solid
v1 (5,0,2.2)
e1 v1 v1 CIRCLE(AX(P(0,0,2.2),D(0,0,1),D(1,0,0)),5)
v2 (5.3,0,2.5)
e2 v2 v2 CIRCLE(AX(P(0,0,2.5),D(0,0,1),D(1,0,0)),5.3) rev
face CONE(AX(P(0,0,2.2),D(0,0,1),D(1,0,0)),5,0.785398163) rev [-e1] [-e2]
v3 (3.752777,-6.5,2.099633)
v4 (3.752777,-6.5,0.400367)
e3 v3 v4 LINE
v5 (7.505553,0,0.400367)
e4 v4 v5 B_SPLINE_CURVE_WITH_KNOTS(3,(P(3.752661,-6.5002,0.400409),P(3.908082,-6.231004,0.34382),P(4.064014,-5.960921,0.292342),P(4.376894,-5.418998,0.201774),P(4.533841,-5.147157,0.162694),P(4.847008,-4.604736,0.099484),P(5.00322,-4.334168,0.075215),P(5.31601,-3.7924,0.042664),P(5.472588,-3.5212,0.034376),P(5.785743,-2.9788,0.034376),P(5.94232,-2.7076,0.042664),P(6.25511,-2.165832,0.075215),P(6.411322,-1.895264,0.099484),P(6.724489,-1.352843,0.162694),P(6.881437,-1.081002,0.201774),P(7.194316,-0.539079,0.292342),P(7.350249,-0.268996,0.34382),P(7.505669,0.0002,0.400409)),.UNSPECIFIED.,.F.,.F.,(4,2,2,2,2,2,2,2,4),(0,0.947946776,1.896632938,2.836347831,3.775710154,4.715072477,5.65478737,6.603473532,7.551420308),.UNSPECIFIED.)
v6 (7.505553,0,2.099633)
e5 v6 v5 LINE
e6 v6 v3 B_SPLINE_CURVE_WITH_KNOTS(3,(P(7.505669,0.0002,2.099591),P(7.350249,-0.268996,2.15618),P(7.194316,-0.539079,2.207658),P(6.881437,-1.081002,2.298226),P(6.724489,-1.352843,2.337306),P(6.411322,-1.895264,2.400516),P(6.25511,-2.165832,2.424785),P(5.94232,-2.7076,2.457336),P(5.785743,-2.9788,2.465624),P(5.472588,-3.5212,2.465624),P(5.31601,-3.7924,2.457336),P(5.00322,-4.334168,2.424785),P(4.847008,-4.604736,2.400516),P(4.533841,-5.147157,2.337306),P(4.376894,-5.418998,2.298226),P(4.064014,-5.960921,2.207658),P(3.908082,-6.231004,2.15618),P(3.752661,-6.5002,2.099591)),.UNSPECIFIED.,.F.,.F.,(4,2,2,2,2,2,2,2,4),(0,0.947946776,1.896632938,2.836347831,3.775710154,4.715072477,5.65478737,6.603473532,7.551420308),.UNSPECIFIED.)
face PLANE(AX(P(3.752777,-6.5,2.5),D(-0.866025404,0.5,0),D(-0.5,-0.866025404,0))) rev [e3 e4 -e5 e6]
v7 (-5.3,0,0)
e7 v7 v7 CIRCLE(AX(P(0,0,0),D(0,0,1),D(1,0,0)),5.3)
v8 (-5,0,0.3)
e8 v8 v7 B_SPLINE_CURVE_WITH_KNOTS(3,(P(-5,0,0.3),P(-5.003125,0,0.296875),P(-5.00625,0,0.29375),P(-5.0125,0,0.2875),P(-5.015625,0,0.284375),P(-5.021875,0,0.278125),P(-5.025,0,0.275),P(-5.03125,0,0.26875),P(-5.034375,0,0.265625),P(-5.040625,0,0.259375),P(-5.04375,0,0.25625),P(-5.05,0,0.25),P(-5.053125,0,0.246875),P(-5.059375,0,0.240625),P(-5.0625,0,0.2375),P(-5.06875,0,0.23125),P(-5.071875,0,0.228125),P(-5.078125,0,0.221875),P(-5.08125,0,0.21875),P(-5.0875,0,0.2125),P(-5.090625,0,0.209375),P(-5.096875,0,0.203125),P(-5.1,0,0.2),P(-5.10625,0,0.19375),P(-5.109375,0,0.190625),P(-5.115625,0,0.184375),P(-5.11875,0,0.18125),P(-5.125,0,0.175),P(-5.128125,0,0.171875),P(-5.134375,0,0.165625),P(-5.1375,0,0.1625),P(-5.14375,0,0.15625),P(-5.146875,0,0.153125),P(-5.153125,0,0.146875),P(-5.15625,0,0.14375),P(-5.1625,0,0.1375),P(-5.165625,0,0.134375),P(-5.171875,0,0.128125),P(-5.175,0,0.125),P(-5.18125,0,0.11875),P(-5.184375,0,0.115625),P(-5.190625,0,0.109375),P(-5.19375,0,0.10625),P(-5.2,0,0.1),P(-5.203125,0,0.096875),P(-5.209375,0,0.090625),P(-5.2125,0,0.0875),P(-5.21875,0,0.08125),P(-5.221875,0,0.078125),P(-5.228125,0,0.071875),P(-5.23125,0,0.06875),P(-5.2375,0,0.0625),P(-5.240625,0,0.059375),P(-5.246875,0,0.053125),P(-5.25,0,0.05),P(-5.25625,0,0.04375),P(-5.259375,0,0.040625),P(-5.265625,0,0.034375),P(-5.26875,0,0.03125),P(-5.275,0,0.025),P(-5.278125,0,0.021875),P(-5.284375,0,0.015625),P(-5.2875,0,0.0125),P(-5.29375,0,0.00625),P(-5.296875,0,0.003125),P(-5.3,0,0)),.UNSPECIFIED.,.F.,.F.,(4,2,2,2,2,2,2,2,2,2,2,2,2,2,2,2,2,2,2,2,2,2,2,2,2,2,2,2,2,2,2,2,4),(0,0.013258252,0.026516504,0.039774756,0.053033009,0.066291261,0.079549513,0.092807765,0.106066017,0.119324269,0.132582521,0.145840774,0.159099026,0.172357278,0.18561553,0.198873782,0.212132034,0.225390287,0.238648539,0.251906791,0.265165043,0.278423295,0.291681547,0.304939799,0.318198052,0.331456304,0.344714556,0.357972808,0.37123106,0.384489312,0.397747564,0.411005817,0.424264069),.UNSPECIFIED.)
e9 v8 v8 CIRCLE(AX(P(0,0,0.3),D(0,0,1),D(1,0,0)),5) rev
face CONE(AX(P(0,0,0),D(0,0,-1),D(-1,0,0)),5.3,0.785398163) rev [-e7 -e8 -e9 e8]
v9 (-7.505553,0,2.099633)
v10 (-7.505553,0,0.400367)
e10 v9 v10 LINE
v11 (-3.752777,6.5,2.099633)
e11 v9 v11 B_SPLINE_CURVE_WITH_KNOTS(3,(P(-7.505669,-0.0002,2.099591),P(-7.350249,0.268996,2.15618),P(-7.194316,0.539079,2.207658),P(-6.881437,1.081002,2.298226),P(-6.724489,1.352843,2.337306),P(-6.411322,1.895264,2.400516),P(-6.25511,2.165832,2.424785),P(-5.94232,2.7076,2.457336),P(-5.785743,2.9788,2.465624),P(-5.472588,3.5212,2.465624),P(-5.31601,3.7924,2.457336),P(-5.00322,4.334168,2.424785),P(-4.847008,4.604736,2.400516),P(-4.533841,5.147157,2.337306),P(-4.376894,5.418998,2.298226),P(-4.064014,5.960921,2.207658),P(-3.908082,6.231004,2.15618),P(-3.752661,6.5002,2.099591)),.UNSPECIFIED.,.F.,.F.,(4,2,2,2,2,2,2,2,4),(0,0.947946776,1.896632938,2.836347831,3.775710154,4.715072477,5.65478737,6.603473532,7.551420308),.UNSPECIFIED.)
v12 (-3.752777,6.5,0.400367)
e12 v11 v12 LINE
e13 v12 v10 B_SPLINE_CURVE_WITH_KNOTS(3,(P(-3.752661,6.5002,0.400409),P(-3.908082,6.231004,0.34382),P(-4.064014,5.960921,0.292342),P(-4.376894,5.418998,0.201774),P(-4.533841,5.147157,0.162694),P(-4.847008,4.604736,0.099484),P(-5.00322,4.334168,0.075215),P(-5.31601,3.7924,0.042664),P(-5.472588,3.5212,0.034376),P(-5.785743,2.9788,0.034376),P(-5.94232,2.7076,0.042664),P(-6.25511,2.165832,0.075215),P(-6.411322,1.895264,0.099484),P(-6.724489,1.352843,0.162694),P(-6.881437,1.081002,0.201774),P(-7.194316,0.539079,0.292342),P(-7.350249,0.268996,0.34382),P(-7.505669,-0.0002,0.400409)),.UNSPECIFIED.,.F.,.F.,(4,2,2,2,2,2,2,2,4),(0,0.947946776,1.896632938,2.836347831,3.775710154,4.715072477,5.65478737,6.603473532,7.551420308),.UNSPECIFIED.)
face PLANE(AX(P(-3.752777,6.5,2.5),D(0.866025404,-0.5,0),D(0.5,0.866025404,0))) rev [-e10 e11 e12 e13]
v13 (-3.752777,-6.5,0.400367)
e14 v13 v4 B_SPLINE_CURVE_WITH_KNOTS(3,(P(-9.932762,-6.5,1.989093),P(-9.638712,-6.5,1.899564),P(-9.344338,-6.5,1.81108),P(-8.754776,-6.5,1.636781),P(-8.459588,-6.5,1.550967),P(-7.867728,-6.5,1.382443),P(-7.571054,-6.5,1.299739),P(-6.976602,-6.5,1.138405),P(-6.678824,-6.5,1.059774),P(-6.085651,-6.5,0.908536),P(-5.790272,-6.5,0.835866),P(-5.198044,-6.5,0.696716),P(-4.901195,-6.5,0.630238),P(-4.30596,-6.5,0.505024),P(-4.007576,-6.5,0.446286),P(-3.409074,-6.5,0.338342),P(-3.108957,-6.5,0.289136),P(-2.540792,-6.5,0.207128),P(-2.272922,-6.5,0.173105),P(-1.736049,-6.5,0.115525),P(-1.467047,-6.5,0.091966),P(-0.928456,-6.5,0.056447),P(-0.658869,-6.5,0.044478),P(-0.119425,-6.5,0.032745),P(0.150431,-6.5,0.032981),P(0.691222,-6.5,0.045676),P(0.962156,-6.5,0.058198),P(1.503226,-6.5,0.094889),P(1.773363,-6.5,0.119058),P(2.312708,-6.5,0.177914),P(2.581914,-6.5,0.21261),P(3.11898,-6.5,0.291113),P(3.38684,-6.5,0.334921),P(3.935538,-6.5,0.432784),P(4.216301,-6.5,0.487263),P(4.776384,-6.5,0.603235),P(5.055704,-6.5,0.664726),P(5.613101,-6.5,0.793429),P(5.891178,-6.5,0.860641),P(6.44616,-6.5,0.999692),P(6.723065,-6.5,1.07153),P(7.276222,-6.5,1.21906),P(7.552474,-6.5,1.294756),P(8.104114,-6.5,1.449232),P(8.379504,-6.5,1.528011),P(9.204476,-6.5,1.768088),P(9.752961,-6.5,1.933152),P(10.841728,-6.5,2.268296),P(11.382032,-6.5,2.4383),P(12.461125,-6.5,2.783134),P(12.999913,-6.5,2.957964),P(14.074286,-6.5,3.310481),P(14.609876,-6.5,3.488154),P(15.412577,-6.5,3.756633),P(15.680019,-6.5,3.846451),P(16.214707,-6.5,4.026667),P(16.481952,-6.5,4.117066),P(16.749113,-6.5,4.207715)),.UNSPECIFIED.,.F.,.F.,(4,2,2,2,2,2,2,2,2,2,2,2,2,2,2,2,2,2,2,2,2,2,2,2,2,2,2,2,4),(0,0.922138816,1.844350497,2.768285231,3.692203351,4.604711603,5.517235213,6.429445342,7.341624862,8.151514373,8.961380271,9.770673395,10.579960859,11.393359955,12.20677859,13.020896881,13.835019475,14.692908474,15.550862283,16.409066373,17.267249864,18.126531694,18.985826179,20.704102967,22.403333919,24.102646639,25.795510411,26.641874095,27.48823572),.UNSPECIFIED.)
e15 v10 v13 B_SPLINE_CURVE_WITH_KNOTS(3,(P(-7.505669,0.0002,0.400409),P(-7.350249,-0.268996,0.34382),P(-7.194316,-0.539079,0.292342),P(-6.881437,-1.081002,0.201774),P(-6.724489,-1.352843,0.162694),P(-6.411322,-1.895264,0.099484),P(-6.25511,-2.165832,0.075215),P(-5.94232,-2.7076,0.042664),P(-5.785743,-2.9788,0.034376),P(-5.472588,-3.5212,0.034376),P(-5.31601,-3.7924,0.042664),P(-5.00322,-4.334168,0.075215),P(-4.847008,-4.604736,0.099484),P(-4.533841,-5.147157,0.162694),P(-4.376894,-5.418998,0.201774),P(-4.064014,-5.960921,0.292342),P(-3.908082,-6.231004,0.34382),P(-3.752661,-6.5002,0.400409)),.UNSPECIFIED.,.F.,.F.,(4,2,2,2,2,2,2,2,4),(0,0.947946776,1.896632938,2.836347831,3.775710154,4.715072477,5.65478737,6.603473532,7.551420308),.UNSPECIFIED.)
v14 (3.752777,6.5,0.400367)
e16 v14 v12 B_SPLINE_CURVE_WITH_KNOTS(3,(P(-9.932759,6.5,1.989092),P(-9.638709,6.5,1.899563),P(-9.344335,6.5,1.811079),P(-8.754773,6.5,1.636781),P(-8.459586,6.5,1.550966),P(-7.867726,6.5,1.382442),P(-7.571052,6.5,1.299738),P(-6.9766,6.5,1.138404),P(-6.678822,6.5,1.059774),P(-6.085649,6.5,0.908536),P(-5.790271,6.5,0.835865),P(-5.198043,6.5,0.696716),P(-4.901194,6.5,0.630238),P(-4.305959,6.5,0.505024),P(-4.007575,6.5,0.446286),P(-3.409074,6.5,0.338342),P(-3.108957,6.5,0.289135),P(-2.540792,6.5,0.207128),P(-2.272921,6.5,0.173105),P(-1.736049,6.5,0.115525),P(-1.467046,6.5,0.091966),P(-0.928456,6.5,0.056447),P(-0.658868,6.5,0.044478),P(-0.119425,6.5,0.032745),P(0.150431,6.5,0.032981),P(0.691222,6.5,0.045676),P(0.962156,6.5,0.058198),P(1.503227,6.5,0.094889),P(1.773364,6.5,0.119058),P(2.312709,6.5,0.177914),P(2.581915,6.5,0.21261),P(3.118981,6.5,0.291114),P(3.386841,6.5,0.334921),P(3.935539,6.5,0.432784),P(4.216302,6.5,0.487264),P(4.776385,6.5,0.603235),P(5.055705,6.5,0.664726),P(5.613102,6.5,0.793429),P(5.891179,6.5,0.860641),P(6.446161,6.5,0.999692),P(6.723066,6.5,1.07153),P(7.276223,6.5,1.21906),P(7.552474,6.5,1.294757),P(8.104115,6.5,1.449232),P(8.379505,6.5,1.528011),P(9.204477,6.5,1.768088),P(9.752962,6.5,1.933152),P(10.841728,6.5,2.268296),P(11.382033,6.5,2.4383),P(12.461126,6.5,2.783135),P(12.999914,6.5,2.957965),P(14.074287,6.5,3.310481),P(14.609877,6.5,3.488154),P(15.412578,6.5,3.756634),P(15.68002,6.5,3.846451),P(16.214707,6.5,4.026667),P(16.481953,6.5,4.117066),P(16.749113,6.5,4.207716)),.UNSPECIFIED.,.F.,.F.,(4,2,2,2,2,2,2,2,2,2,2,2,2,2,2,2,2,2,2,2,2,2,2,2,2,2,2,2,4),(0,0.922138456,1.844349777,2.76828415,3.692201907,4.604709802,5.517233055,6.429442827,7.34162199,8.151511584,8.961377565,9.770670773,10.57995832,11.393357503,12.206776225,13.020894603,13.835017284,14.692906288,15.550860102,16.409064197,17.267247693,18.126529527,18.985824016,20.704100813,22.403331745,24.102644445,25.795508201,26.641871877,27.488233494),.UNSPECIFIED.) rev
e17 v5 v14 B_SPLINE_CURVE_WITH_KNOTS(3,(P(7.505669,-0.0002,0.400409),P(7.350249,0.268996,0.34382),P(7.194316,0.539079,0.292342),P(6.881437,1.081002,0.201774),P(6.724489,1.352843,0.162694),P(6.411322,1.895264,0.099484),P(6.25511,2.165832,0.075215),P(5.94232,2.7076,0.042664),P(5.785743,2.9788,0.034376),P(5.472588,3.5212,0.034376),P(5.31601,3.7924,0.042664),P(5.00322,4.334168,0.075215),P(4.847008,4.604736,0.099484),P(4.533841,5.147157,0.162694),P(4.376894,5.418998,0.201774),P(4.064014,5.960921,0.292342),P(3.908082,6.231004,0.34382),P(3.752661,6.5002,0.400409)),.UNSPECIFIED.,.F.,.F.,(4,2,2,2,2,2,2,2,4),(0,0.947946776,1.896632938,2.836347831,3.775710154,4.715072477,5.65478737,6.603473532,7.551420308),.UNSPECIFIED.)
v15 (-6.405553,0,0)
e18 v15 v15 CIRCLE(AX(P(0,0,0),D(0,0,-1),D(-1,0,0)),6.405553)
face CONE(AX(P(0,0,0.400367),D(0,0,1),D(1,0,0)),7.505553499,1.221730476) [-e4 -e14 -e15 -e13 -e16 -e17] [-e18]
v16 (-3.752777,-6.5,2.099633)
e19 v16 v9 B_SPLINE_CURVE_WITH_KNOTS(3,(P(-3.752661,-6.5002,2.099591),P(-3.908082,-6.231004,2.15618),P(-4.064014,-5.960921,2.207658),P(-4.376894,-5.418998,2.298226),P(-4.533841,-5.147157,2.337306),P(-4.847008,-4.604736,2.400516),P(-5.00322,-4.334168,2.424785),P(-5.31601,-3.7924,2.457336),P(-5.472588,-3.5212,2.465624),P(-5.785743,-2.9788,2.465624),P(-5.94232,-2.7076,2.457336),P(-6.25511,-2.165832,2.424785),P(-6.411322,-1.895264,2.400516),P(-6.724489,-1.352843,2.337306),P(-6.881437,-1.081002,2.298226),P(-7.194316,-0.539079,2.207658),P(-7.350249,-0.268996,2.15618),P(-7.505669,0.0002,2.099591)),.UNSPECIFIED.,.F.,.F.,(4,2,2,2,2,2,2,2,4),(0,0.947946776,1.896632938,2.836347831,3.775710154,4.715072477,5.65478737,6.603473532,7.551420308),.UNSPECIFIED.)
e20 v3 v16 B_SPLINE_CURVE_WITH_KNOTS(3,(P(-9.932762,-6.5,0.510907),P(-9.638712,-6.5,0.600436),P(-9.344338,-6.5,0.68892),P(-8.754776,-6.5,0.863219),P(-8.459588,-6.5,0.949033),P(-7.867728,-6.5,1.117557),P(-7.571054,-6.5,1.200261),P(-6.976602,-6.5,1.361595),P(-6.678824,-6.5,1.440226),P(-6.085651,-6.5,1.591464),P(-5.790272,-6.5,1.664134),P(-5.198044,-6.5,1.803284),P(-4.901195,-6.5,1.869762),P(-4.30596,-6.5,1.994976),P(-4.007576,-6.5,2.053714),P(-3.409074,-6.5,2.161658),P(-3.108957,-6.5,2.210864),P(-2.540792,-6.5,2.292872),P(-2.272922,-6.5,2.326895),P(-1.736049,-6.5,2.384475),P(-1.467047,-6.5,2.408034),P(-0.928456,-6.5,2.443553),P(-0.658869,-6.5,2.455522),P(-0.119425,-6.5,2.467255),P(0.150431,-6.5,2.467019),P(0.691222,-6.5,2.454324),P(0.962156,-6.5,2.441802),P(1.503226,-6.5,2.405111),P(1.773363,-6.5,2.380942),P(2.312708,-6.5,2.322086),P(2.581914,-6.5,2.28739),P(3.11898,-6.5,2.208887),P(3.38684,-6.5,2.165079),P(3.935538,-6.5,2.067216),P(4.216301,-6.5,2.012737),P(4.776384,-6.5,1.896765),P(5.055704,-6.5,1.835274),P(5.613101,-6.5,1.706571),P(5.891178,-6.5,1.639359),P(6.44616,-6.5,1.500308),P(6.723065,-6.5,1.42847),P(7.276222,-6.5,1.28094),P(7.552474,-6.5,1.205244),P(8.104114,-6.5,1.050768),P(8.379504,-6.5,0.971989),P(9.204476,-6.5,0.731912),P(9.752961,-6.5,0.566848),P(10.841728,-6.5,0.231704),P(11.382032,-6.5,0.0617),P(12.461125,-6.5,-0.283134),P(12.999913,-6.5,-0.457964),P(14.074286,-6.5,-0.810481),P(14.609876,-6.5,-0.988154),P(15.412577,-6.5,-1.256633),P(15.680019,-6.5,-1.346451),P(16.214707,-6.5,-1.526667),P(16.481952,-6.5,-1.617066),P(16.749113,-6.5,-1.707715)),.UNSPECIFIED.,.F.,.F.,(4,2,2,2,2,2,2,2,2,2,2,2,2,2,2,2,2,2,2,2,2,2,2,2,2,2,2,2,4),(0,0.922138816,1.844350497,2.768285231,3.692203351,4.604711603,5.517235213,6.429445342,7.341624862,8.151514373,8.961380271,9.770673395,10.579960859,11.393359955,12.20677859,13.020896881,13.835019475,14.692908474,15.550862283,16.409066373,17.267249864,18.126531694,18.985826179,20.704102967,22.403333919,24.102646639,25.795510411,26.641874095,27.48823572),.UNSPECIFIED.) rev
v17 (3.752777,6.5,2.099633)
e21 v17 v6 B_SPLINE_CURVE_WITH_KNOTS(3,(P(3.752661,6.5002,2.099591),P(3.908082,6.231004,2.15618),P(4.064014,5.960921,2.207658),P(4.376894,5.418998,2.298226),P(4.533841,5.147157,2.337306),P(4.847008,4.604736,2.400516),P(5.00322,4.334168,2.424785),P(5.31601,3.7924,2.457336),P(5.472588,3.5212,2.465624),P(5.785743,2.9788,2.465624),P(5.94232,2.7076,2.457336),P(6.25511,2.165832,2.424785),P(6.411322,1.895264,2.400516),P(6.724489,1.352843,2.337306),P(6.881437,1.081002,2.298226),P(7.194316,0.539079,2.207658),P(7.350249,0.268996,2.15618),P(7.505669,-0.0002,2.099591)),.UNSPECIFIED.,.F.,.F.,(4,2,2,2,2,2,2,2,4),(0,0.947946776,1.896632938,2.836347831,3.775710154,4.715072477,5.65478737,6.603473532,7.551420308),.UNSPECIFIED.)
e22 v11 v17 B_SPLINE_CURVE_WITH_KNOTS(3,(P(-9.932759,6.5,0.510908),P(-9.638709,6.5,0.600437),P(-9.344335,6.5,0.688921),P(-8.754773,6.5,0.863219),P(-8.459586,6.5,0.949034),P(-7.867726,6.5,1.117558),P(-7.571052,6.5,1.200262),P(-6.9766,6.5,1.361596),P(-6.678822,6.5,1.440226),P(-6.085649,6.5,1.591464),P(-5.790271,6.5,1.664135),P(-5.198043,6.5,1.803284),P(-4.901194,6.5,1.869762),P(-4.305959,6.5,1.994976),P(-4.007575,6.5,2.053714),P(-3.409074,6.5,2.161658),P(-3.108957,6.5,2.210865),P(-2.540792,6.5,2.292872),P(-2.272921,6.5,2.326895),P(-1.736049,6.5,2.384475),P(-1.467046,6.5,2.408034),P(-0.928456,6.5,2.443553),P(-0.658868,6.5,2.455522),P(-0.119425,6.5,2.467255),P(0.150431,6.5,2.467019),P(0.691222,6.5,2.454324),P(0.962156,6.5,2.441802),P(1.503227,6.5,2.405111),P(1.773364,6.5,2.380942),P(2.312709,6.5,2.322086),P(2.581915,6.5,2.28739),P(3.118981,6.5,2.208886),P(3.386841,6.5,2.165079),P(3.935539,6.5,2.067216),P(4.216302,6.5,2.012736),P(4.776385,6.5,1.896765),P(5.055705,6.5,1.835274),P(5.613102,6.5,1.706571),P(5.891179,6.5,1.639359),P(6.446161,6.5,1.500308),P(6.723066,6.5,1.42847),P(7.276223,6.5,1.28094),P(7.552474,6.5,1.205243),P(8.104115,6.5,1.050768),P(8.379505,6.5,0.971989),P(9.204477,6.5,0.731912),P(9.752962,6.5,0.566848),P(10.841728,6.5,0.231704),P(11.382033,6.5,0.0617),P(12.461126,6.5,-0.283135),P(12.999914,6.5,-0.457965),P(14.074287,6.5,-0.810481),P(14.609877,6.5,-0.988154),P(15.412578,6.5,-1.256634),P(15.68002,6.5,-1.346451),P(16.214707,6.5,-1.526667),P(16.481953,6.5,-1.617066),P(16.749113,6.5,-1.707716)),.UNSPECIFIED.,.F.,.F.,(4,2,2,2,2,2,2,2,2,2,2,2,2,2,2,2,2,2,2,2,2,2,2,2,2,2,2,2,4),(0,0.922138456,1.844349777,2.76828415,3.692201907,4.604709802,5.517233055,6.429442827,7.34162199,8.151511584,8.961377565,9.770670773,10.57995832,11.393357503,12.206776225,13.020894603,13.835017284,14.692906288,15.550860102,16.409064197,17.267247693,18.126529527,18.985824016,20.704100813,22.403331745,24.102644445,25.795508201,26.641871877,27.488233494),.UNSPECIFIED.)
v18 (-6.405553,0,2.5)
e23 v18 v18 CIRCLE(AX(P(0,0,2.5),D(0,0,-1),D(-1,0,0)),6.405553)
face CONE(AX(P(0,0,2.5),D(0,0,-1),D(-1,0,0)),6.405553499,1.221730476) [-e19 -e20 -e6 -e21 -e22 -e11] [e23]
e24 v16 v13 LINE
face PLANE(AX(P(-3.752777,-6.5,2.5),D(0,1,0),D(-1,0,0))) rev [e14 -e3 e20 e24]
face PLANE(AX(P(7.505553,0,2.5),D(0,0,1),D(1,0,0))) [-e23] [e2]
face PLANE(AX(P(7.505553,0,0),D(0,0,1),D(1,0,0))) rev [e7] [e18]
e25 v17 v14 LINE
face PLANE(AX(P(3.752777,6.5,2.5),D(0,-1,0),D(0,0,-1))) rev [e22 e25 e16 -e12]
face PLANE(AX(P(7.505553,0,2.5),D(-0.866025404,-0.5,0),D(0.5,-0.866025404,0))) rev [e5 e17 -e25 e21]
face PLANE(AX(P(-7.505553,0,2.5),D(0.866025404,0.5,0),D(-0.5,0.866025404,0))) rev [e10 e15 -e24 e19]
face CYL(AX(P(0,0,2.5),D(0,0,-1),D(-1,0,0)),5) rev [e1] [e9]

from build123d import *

# Parameters (mm, degrees)
ESQUISSE1_R        = 5
BOSS_EXTRU_1_DEPTH = 2.5
CHANFREIN1_SIZE    = 0.3


with BuildPart() as part:
    # Esquisse1 → Boss.-Extru.1 (new body)
    with BuildSketch(Plane.XY):
        Polygon((7.505553499, 0), (3.75277675, 6.5), (-3.75277675, 6.5), (-7.505553499, 0), (-3.75277675, -6.5), (3.75277675, -6.5), align=None)
        Circle(ESQUISSE1_R, mode=Mode.SUBTRACT)
    extrude(amount=BOSS_EXTRU_1_DEPTH)

    # Esquisse2 → Enlèvement de matière-Révolution1 (revolve, cut)
    with BuildSketch(Plane(origin=(0, 0, 0), x_dir=(1, 0, 0), z_dir=(0, 1, 0))):
        Polygon((-6.405553499, 0), (-7.505553499, -0.400367258), (-7.505553499, -2.099632742), (-6.405553499, -2.5), (-9.005553499, -2.5), (-9.005553499, 0), align=None)
    revolve(axis=Axis((0, 0, 0), (0, 0, 1)), mode=Mode.SUBTRACT)

    # Chanfrein1
    chanfrein1_edges = [part.edges().sort_by_distance(p)[0] for p in [
        (-5, 0, 0),
        (-5, 0, 2.5),
    ]]
    chamfer(chanfrein1_edges, length=CHANFREIN1_SIZE)


solid = part.part
